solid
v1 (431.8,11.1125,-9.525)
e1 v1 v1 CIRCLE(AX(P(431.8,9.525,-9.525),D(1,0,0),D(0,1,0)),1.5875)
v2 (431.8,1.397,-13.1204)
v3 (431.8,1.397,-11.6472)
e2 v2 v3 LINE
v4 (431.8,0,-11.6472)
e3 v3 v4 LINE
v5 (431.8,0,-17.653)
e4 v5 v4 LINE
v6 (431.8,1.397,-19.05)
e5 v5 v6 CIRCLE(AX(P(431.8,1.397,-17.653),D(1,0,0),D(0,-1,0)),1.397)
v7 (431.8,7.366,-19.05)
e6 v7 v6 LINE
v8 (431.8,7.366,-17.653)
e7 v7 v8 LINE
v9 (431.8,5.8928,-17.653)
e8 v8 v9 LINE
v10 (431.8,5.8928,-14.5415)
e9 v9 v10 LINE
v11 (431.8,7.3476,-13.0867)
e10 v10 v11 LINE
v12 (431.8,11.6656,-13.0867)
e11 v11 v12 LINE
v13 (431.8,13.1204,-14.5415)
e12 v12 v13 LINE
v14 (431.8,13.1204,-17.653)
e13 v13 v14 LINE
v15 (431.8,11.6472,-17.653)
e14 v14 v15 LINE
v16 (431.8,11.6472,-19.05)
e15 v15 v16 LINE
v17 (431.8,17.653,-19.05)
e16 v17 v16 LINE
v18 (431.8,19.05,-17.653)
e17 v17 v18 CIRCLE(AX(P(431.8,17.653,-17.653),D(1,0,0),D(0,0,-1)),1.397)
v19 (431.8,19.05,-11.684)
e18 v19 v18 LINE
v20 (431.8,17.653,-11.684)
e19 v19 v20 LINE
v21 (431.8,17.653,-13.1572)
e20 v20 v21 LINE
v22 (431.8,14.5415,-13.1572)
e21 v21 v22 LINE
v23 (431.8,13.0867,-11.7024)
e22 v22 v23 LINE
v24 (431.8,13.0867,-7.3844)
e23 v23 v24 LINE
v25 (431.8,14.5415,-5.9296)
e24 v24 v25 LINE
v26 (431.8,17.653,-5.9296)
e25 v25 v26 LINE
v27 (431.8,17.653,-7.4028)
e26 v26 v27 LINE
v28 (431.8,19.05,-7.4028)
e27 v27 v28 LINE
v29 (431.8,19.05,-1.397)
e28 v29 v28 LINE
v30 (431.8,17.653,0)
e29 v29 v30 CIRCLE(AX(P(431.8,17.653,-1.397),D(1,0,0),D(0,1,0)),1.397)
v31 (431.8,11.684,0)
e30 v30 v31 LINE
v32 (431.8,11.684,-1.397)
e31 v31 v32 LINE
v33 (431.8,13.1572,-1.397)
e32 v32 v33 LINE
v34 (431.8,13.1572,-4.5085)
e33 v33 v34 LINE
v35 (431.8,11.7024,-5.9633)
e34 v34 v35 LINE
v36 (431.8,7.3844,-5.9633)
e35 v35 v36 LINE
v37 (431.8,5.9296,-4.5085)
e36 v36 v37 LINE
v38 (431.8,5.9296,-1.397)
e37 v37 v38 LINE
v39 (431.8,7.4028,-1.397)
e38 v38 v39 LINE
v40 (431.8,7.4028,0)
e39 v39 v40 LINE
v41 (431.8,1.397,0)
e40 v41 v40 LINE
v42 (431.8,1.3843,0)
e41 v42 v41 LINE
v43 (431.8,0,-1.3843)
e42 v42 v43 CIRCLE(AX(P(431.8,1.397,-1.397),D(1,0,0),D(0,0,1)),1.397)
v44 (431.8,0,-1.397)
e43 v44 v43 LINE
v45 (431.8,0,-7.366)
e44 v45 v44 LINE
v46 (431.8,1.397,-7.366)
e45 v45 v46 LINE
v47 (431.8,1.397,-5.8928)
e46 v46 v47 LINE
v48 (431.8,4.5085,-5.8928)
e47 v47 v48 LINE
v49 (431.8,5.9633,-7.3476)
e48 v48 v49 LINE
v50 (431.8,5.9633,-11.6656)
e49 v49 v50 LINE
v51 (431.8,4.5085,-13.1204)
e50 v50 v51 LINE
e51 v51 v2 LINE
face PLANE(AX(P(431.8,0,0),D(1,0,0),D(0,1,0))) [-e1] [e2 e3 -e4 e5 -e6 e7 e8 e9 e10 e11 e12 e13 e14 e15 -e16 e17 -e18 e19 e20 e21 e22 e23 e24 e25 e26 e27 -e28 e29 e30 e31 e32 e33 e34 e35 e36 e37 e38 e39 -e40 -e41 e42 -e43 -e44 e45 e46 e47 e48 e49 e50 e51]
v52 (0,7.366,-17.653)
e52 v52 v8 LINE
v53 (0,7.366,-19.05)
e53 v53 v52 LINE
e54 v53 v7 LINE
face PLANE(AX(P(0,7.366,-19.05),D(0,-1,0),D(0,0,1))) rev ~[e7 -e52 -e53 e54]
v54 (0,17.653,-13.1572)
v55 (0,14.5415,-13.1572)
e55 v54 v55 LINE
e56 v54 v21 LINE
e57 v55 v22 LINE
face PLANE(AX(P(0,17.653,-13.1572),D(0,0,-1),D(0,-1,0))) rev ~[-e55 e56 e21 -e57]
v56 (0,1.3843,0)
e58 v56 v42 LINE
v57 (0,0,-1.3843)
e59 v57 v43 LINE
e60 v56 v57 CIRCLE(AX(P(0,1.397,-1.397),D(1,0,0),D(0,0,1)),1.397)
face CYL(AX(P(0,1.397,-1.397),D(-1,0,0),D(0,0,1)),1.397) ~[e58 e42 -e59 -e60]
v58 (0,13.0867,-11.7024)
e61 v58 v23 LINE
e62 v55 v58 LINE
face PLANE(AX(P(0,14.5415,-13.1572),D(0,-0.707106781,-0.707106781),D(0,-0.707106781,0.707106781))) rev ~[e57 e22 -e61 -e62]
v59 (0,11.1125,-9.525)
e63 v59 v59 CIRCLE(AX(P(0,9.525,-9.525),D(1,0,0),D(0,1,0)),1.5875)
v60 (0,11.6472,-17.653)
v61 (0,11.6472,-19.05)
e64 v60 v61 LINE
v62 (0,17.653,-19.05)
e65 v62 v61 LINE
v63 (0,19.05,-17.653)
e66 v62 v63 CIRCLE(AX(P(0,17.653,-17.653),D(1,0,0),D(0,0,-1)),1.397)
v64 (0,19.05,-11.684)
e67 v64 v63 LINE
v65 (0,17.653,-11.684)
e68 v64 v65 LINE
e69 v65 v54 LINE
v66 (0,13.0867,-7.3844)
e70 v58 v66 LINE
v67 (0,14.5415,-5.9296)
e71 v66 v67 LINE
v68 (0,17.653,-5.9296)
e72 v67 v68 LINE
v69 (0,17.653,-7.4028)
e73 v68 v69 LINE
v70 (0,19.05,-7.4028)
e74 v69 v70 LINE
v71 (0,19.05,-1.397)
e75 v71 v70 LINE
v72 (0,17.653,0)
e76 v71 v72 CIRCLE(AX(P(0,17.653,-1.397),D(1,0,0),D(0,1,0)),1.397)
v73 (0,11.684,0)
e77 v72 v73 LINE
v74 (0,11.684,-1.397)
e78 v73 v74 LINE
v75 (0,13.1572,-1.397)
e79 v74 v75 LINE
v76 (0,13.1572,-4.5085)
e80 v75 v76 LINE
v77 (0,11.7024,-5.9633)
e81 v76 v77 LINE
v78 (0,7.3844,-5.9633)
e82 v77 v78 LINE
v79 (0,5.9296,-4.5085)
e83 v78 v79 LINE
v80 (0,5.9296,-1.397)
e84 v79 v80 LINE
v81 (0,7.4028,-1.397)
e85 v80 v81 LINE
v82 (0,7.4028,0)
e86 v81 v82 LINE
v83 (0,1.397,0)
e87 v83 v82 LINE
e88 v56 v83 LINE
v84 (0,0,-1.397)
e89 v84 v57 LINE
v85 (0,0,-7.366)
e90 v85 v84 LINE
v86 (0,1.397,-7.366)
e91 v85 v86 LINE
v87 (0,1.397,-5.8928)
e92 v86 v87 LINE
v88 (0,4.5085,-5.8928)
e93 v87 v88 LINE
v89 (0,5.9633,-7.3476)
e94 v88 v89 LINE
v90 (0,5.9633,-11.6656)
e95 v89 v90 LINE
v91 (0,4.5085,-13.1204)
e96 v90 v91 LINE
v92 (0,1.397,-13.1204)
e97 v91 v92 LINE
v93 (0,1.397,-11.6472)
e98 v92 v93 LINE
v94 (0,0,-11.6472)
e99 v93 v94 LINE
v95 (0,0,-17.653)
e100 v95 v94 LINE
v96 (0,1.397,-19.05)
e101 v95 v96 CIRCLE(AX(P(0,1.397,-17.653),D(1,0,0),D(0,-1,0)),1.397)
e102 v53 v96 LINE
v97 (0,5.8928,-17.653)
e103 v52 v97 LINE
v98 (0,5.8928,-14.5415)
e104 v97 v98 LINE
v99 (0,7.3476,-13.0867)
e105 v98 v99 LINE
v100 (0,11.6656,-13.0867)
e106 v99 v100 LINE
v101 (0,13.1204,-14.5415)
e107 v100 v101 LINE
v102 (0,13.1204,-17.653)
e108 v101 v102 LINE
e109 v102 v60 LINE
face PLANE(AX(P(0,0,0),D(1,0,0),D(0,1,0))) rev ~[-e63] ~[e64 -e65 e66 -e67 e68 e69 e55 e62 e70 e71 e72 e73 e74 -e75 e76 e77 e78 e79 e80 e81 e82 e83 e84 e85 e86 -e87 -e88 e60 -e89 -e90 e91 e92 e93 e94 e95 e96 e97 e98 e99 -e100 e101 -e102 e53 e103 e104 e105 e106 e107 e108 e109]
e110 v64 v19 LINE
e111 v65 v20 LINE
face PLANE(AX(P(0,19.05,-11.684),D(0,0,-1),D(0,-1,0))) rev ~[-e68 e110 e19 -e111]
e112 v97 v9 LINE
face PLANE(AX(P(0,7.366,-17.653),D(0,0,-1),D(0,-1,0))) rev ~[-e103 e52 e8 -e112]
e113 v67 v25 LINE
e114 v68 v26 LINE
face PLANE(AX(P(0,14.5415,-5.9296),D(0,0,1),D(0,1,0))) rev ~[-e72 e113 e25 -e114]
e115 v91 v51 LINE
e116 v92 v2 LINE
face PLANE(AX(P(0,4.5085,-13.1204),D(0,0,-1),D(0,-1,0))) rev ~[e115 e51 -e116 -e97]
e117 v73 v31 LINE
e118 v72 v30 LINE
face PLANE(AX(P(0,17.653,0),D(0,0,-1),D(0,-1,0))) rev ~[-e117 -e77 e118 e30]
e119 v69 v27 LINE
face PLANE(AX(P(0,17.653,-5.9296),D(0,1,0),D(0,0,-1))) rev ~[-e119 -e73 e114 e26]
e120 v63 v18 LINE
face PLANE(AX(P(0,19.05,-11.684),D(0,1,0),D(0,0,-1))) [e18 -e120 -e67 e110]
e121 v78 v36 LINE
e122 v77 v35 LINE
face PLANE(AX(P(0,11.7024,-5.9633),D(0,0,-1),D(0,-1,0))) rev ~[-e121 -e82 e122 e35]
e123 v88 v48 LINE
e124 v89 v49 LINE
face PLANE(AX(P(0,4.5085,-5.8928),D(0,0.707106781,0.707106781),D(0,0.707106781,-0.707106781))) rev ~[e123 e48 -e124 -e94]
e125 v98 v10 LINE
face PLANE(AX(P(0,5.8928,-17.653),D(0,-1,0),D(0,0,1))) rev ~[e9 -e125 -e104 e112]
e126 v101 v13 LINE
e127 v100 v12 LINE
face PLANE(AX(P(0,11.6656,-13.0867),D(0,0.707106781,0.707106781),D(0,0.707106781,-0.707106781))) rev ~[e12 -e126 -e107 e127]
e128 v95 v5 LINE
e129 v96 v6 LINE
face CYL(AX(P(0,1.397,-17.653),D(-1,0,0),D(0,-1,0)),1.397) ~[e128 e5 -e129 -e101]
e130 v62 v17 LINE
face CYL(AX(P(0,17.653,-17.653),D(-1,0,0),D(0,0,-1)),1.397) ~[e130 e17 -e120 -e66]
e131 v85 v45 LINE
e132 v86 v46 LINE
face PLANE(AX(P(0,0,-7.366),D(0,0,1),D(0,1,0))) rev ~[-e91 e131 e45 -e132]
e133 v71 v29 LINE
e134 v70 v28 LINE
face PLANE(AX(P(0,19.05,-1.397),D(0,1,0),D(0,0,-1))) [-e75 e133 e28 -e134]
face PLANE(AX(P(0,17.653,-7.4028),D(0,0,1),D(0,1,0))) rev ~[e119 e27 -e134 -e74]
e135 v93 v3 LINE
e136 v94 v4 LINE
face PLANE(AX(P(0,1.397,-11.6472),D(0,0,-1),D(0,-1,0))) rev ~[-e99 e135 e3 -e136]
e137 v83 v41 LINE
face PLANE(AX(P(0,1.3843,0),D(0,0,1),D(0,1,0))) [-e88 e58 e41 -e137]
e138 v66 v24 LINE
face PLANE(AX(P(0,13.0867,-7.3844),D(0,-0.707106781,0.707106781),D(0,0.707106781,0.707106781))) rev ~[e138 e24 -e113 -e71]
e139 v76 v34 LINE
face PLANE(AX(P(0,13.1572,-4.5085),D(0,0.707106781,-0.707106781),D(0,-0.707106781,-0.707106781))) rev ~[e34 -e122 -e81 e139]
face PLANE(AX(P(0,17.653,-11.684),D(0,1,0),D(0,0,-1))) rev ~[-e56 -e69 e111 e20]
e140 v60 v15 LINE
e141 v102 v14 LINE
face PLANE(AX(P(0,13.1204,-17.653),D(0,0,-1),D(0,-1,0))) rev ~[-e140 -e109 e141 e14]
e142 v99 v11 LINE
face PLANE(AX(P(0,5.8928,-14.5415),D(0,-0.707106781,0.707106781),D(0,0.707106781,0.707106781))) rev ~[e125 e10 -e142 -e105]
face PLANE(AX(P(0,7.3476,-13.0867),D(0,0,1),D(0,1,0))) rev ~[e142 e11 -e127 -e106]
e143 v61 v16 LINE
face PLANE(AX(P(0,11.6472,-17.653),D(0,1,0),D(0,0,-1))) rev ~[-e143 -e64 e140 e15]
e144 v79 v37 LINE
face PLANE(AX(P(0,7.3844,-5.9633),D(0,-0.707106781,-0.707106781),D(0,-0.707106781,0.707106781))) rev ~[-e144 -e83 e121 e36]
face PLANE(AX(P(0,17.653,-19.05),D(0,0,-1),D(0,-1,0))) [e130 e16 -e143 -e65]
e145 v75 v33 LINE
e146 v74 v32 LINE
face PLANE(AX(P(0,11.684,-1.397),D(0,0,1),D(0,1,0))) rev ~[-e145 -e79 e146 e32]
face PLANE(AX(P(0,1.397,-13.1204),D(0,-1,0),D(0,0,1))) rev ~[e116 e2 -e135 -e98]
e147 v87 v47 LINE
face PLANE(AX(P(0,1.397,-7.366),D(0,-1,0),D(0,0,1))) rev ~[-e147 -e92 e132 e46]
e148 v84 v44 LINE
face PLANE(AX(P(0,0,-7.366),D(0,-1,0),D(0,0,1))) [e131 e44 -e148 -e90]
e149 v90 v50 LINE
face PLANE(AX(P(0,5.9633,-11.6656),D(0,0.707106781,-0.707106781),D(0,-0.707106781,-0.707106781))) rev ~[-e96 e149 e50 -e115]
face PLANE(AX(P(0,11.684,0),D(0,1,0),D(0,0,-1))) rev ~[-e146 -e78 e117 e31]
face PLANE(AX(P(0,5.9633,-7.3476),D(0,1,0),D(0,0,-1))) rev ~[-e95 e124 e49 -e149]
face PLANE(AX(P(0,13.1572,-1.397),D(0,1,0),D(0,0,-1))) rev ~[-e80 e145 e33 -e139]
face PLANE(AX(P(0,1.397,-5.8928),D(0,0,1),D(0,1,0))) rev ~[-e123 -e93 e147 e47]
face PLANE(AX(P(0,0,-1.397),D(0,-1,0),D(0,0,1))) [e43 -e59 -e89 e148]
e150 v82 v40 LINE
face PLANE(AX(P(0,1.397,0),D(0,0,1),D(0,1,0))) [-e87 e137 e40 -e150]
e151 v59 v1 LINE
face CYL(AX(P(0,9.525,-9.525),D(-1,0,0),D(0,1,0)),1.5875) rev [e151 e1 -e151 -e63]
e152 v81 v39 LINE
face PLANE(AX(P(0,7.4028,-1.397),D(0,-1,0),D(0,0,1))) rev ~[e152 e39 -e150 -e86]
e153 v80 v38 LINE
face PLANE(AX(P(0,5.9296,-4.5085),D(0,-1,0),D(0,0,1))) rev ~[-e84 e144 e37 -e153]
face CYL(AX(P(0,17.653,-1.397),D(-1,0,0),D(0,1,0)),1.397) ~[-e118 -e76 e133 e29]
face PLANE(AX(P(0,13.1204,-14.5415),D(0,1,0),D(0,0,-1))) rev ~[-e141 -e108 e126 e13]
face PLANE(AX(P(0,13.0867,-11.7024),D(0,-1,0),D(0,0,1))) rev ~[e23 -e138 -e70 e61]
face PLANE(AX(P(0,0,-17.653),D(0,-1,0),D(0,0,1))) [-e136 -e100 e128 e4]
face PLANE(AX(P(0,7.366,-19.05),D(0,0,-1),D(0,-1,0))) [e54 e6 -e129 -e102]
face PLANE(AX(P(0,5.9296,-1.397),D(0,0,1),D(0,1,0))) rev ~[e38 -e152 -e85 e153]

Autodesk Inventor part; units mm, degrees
ref_plane "YZ Plane" through (0, 0, 0) normal (1, 0, 0) x (0, 1, 0)
ref_plane "XZ Plane" through (0, 0, 0) normal (0, 1, 0) x (-1, 0, 0)
ref_plane "XY Plane" through (0, 0, 0) normal (0, 0, 1) x (1, 0, 0)
sketch "Sketch2" plane through (0, 0, 0) normal (1, 0, 0) x (0, 1, 0)
  line L0 (1.3843, 0) -> (1.397, 0)
  line L1 (17.653, 0) -> (11.684, 0)
  line L2 (11.684, 0) -> (11.684, -1.397)
  line L3 (11.684, -1.397) -> (13.1572, -1.397)
  line L4 (13.1572, -1.397) -> (13.1572, -4.5085)
  line L5 (13.1572, -4.5085) -> (11.7024, -5.9633)
  line L6 (11.7024, -5.9633) -> (7.3844, -5.9633)
  line L7 (7.3844, -5.9633) -> (5.9296, -4.5085)
  line L8 (5.9296, -4.5085) -> (5.9296, -1.397)
  line L9 (5.9296, -1.397) -> (7.4028, -1.397)
  line L10 (7.4028, -1.397) -> (7.4028, 0)
  line L11 (1.397, 0) -> (7.4028, 0)
  line L12 (11.684, 0) -> (19.05, 0)
  line L13 (5.9633, -7.3476) -> (5.9633, -11.6656)
  line L14 (4.5085, -5.8928) -> (5.9633, -7.3476)
  line L15 (5.9633, -11.6656) -> (4.5085, -13.1204)
  line L16 (1.397, -13.1204) -> (1.397, -11.6472)
  line L17 (4.5085, -13.1204) -> (1.397, -13.1204)
  line L18 (1.397, -11.6472) -> (0, -11.6472)
  line L19 (1.397, -5.8928) -> (4.5085, -5.8928)
  line L20 (0, -7.366) -> (1.397, -7.366)
  line L21 (1.397, -7.366) -> (1.397, -5.8928)
  line L22 (7.3476, -13.0867) -> (11.6656, -13.0867)
  line L23 (5.8928, -14.5415) -> (7.3476, -13.0867)
  line L24 (11.6656, -13.0867) -> (13.1204, -14.5415)
  line L25 (13.1204, -17.653) -> (11.6472, -17.653)
  line L26 (13.1204, -14.5415) -> (13.1204, -17.653)
  line L27 (11.6472, -17.653) -> (11.6472, -19.05)
  line L28 (5.8928, -17.653) -> (5.8928, -14.5415)
  line L29 (7.366, -19.05) -> (7.366, -17.653)
  line L30 (7.366, -17.653) -> (5.8928, -17.653)
  line L31 (13.0867, -11.7024) -> (13.0867, -7.3844)
  line L32 (14.5415, -13.1572) -> (13.0867, -11.7024)
  line L33 (13.0867, -7.3844) -> (14.5415, -5.9296)
  line L34 (17.653, -5.9296) -> (17.653, -7.4028)
  line L35 (14.5415, -5.9296) -> (17.653, -5.9296)
  line L36 (17.653, -7.4028) -> (19.05, -7.4028)
  line L37 (17.653, -13.1572) -> (14.5415, -13.1572)
  line L38 (19.05, -11.684) -> (17.653, -11.684)
  line L39 (17.653, -11.684) -> (17.653, -13.1572)
  line L40 (1.3843, 0) -> (1.397, 0)
  line L41 (19.05, -1.397) -> (19.05, -7.4028)
  line L42 (19.05, -11.684) -> (19.05, -17.653)
  line L43 (17.653, -19.05) -> (11.6472, -19.05)
  line L44 (7.366, -19.05) -> (1.397, -19.05)
  line L45 (0, -17.653) -> (0, -11.6472)
  line L46 (0, -7.366) -> (0, -1.397)
  line L47 (0, -7.366) -> (0, -1.397)
  circle A0 centre (9.525, -9.525) radius 1.5875
  line L48 (1.3843, 0) -> (1.397, 0)
  line L49 (0, -1.397) -> (0, -1.3843)
  arc A1 (1.397, 0) -> (0, -1.397) centre (1.397, -1.397) ccw
  arc A2 (0, -17.653) -> (1.397, -19.05) centre (1.397, -17.653) ccw
  arc A3 (17.653, -19.05) -> (19.05, -17.653) centre (17.653, -17.653) ccw
  arc A4 (19.05, -1.397) -> (17.653, 0) centre (17.653, -1.397) ccw
  point P0 (0, 0)
  dimension "d34" = 7.366
  dimension "d35" = 1.397
  dimension "d37" = 1.4732
  dimension "d38" = 3.1115
  dimension "d39" = 2.0574
  dimension "d40" = 135
  dimension "d41" = 4.318
  dimension "d42" = 2.0574
  dimension "d43" = 1.4732
  dimension "d46" = 1.397
  dimension "d49" = 360
  dimension "d56" = 19.05
  dimension "d58" = 3.175
  dimension "d61" = 1.397
  dimension "d62" = 1.397
  dimension "d63" = 1.397
  dimension "d64" = 1.397
  dimension "d67" = 360
  dimension "d71" = 3.1115
extrude "Extrusion1" add sketch "Sketch2" along normal blind 431.8
properties part number "Extrusion"
